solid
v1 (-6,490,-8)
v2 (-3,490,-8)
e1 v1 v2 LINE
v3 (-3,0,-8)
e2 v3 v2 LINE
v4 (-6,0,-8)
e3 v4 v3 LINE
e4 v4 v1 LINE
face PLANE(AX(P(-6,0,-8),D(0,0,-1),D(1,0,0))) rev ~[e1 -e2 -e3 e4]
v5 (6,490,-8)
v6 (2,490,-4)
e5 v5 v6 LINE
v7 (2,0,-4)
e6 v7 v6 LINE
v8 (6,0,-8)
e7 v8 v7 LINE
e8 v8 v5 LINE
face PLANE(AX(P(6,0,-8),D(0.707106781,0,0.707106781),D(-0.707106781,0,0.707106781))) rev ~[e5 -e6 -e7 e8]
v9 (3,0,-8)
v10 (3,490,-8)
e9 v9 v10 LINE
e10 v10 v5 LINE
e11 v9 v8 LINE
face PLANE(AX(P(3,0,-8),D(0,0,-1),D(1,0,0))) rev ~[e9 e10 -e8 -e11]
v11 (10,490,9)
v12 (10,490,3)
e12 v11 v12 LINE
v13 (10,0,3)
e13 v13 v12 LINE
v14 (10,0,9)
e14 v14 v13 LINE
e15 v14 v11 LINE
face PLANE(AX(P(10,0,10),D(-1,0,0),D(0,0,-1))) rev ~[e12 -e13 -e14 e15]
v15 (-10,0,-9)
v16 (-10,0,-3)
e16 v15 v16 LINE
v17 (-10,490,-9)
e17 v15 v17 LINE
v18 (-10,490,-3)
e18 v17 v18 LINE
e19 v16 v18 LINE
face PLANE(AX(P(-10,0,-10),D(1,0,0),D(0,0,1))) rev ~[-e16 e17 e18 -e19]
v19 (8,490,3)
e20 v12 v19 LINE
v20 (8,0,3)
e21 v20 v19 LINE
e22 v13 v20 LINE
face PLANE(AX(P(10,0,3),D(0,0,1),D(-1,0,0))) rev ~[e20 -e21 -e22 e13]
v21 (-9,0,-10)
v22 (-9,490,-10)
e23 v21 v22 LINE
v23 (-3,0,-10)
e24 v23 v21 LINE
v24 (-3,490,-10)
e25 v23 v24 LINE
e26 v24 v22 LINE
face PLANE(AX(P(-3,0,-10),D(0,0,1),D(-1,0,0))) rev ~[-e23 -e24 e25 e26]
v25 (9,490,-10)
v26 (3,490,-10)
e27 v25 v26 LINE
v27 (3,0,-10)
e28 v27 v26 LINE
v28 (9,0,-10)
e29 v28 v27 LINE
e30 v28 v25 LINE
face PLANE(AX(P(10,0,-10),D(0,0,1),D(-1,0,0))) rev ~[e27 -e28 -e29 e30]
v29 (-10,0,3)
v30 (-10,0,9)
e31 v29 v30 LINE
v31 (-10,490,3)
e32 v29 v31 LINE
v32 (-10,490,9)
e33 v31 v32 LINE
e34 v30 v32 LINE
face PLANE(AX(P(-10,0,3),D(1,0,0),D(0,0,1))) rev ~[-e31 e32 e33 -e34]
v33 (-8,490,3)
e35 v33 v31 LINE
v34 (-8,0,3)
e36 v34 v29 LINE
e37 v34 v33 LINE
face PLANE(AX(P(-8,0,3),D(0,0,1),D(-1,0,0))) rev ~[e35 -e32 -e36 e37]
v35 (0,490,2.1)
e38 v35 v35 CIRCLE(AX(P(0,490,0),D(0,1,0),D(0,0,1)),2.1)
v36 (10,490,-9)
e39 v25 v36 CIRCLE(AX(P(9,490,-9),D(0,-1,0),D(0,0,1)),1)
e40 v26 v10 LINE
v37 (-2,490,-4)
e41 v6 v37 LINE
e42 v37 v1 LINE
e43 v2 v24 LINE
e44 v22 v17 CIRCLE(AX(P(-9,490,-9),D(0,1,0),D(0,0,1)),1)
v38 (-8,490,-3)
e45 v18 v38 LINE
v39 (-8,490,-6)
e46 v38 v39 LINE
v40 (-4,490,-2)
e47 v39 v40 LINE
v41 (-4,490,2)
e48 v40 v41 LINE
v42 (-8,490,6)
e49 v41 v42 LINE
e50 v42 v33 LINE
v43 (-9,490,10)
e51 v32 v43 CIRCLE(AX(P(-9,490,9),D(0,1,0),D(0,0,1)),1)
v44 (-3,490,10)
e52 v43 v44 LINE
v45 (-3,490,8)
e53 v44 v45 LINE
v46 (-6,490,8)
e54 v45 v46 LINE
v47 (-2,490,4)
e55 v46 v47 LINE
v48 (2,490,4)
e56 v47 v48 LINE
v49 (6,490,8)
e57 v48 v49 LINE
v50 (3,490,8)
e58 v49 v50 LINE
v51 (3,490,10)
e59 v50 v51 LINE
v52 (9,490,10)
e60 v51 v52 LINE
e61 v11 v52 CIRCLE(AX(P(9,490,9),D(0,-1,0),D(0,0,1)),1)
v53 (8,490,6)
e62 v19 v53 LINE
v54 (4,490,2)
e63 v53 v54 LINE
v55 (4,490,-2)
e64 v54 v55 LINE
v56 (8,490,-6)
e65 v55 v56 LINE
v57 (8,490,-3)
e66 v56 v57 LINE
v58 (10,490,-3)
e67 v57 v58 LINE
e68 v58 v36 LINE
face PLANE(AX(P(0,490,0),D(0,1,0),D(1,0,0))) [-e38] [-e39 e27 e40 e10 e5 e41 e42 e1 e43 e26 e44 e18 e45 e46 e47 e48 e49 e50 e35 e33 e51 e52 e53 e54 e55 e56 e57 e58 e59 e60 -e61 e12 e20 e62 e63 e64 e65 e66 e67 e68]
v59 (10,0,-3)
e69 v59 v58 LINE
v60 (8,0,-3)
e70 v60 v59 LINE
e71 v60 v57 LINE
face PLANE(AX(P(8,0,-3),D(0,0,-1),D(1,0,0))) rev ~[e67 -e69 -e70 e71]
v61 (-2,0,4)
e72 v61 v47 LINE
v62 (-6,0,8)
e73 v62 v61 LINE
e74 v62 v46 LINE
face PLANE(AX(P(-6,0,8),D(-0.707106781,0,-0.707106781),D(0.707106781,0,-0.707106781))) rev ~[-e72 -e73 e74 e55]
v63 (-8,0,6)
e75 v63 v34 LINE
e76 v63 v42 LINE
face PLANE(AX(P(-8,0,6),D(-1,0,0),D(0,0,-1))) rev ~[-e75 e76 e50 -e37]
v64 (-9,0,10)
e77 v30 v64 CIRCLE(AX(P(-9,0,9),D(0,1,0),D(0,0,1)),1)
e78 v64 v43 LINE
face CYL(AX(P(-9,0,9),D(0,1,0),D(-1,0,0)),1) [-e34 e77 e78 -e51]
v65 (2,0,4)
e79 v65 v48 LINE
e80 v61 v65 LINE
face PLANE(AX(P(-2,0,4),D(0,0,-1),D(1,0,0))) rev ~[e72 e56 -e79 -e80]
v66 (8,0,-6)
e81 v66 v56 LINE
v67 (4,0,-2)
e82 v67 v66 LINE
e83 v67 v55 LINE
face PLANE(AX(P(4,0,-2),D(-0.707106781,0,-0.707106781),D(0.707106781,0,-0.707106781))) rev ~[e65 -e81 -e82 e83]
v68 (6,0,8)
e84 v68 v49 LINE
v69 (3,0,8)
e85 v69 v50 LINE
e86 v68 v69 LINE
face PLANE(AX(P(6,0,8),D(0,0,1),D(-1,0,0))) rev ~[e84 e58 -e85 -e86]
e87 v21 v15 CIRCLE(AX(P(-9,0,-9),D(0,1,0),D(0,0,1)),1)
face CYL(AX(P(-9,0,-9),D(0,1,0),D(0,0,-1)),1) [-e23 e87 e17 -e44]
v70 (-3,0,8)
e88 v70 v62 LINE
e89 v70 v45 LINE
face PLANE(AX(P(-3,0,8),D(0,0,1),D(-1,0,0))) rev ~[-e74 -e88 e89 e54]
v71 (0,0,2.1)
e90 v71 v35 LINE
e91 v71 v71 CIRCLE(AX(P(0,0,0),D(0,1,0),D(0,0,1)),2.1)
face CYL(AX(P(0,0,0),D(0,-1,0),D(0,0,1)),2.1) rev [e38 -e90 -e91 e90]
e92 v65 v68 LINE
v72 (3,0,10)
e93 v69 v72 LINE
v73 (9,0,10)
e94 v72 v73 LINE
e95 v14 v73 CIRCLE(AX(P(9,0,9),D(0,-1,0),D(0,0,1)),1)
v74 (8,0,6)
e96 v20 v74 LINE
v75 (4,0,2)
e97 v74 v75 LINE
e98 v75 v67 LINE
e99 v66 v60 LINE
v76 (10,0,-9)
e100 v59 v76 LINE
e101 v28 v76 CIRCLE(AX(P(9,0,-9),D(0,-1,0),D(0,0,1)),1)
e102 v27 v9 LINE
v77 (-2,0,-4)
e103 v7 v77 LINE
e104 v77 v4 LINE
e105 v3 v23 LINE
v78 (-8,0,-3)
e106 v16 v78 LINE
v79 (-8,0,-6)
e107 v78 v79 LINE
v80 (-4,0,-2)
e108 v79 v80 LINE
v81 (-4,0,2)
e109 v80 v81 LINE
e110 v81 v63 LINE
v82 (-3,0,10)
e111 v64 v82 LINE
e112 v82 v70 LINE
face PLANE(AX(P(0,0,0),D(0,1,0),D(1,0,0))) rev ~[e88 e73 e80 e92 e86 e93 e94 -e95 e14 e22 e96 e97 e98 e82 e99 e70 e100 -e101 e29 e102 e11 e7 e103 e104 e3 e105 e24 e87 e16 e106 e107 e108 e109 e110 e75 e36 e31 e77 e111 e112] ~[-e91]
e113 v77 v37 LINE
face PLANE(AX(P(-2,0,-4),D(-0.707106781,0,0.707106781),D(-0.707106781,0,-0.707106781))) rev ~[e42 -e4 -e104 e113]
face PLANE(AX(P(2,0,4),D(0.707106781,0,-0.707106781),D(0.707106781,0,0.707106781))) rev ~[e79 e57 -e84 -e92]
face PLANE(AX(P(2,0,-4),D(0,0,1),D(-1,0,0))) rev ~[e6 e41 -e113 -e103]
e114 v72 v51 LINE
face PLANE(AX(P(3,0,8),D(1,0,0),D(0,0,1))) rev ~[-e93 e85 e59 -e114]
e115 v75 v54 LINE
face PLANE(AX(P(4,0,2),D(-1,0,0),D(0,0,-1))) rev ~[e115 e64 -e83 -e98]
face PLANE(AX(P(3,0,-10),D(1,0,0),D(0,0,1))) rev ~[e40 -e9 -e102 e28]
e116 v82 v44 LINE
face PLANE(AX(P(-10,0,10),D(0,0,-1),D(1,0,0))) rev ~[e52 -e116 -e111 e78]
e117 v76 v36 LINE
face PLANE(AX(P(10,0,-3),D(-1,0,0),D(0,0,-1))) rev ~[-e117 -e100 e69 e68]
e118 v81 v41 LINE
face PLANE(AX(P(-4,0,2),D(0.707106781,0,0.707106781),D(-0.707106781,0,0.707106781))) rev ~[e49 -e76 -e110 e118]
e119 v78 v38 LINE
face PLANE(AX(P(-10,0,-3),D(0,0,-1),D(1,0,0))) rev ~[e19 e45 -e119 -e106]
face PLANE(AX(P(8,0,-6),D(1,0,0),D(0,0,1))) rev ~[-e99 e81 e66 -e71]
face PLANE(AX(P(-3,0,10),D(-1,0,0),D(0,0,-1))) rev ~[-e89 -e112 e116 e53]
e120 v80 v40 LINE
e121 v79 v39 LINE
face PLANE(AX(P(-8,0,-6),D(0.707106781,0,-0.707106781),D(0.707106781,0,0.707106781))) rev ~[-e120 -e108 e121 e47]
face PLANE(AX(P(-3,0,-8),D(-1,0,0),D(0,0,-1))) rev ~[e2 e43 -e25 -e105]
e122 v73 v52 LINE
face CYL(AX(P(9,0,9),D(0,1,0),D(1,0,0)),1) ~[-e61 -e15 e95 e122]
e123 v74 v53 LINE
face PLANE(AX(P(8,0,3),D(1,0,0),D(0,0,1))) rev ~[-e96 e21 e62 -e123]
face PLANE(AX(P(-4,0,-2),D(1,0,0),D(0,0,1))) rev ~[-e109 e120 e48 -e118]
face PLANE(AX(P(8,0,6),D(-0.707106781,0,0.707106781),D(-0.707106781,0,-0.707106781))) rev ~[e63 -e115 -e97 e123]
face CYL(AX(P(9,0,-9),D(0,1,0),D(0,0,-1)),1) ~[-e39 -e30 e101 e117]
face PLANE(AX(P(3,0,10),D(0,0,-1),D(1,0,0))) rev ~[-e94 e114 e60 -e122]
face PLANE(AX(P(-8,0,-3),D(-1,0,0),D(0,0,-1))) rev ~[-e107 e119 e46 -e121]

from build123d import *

# Parameters (mm, degrees)
SKETCH_1_R      = 2.1
EXTRUDE_1_DEPTH = 490
FILLET_1_R      = 1


with BuildPart() as part:
    # 草图1 → 凸台-拉伸1 (new body)
    with BuildSketch(Plane(origin=(0, 0, 0), x_dir=(1, 0, 0), z_dir=(0, 1, 0))):
        Polygon((10, 10), (3, 10), (3, 8), (6, 8), (2, 4), (-2, 4), (-6, 8), (-3, 8), (-3, 10), (-10, 10), (-10, 3), (-8, 3), (-8, 6), (-4, 2), (-4, -2), (-8, -6), (-8, -3), (-10, -3), (-10, -10), (-3, -10), (-3, -8), (-6, -8), (-2, -4), (2, -4), (6, -8), (3, -8), (3, -10), (10, -10), (10, -3), (8, -3), (8, -6), (4, -2), (4, 2), (8, 6), (8, 3), (10, 3), align=None)
        with Locations(Location((0, 0, 0), (0, 0, 270))):
            Circle(SKETCH_1_R, mode=Mode.SUBTRACT)
    extrude(amount=EXTRUDE_1_DEPTH)

    # 圆角1
    fillet_1_edges = [part.edges().sort_by_distance(p)[0] for p in [
        (10, 245, 10),
        (-10, 245, 10),
        (-10, 245, -10),
        (10, 245, -10),
    ]]
    fillet(fillet_1_edges, radius=FILLET_1_R)


solid = part.part
